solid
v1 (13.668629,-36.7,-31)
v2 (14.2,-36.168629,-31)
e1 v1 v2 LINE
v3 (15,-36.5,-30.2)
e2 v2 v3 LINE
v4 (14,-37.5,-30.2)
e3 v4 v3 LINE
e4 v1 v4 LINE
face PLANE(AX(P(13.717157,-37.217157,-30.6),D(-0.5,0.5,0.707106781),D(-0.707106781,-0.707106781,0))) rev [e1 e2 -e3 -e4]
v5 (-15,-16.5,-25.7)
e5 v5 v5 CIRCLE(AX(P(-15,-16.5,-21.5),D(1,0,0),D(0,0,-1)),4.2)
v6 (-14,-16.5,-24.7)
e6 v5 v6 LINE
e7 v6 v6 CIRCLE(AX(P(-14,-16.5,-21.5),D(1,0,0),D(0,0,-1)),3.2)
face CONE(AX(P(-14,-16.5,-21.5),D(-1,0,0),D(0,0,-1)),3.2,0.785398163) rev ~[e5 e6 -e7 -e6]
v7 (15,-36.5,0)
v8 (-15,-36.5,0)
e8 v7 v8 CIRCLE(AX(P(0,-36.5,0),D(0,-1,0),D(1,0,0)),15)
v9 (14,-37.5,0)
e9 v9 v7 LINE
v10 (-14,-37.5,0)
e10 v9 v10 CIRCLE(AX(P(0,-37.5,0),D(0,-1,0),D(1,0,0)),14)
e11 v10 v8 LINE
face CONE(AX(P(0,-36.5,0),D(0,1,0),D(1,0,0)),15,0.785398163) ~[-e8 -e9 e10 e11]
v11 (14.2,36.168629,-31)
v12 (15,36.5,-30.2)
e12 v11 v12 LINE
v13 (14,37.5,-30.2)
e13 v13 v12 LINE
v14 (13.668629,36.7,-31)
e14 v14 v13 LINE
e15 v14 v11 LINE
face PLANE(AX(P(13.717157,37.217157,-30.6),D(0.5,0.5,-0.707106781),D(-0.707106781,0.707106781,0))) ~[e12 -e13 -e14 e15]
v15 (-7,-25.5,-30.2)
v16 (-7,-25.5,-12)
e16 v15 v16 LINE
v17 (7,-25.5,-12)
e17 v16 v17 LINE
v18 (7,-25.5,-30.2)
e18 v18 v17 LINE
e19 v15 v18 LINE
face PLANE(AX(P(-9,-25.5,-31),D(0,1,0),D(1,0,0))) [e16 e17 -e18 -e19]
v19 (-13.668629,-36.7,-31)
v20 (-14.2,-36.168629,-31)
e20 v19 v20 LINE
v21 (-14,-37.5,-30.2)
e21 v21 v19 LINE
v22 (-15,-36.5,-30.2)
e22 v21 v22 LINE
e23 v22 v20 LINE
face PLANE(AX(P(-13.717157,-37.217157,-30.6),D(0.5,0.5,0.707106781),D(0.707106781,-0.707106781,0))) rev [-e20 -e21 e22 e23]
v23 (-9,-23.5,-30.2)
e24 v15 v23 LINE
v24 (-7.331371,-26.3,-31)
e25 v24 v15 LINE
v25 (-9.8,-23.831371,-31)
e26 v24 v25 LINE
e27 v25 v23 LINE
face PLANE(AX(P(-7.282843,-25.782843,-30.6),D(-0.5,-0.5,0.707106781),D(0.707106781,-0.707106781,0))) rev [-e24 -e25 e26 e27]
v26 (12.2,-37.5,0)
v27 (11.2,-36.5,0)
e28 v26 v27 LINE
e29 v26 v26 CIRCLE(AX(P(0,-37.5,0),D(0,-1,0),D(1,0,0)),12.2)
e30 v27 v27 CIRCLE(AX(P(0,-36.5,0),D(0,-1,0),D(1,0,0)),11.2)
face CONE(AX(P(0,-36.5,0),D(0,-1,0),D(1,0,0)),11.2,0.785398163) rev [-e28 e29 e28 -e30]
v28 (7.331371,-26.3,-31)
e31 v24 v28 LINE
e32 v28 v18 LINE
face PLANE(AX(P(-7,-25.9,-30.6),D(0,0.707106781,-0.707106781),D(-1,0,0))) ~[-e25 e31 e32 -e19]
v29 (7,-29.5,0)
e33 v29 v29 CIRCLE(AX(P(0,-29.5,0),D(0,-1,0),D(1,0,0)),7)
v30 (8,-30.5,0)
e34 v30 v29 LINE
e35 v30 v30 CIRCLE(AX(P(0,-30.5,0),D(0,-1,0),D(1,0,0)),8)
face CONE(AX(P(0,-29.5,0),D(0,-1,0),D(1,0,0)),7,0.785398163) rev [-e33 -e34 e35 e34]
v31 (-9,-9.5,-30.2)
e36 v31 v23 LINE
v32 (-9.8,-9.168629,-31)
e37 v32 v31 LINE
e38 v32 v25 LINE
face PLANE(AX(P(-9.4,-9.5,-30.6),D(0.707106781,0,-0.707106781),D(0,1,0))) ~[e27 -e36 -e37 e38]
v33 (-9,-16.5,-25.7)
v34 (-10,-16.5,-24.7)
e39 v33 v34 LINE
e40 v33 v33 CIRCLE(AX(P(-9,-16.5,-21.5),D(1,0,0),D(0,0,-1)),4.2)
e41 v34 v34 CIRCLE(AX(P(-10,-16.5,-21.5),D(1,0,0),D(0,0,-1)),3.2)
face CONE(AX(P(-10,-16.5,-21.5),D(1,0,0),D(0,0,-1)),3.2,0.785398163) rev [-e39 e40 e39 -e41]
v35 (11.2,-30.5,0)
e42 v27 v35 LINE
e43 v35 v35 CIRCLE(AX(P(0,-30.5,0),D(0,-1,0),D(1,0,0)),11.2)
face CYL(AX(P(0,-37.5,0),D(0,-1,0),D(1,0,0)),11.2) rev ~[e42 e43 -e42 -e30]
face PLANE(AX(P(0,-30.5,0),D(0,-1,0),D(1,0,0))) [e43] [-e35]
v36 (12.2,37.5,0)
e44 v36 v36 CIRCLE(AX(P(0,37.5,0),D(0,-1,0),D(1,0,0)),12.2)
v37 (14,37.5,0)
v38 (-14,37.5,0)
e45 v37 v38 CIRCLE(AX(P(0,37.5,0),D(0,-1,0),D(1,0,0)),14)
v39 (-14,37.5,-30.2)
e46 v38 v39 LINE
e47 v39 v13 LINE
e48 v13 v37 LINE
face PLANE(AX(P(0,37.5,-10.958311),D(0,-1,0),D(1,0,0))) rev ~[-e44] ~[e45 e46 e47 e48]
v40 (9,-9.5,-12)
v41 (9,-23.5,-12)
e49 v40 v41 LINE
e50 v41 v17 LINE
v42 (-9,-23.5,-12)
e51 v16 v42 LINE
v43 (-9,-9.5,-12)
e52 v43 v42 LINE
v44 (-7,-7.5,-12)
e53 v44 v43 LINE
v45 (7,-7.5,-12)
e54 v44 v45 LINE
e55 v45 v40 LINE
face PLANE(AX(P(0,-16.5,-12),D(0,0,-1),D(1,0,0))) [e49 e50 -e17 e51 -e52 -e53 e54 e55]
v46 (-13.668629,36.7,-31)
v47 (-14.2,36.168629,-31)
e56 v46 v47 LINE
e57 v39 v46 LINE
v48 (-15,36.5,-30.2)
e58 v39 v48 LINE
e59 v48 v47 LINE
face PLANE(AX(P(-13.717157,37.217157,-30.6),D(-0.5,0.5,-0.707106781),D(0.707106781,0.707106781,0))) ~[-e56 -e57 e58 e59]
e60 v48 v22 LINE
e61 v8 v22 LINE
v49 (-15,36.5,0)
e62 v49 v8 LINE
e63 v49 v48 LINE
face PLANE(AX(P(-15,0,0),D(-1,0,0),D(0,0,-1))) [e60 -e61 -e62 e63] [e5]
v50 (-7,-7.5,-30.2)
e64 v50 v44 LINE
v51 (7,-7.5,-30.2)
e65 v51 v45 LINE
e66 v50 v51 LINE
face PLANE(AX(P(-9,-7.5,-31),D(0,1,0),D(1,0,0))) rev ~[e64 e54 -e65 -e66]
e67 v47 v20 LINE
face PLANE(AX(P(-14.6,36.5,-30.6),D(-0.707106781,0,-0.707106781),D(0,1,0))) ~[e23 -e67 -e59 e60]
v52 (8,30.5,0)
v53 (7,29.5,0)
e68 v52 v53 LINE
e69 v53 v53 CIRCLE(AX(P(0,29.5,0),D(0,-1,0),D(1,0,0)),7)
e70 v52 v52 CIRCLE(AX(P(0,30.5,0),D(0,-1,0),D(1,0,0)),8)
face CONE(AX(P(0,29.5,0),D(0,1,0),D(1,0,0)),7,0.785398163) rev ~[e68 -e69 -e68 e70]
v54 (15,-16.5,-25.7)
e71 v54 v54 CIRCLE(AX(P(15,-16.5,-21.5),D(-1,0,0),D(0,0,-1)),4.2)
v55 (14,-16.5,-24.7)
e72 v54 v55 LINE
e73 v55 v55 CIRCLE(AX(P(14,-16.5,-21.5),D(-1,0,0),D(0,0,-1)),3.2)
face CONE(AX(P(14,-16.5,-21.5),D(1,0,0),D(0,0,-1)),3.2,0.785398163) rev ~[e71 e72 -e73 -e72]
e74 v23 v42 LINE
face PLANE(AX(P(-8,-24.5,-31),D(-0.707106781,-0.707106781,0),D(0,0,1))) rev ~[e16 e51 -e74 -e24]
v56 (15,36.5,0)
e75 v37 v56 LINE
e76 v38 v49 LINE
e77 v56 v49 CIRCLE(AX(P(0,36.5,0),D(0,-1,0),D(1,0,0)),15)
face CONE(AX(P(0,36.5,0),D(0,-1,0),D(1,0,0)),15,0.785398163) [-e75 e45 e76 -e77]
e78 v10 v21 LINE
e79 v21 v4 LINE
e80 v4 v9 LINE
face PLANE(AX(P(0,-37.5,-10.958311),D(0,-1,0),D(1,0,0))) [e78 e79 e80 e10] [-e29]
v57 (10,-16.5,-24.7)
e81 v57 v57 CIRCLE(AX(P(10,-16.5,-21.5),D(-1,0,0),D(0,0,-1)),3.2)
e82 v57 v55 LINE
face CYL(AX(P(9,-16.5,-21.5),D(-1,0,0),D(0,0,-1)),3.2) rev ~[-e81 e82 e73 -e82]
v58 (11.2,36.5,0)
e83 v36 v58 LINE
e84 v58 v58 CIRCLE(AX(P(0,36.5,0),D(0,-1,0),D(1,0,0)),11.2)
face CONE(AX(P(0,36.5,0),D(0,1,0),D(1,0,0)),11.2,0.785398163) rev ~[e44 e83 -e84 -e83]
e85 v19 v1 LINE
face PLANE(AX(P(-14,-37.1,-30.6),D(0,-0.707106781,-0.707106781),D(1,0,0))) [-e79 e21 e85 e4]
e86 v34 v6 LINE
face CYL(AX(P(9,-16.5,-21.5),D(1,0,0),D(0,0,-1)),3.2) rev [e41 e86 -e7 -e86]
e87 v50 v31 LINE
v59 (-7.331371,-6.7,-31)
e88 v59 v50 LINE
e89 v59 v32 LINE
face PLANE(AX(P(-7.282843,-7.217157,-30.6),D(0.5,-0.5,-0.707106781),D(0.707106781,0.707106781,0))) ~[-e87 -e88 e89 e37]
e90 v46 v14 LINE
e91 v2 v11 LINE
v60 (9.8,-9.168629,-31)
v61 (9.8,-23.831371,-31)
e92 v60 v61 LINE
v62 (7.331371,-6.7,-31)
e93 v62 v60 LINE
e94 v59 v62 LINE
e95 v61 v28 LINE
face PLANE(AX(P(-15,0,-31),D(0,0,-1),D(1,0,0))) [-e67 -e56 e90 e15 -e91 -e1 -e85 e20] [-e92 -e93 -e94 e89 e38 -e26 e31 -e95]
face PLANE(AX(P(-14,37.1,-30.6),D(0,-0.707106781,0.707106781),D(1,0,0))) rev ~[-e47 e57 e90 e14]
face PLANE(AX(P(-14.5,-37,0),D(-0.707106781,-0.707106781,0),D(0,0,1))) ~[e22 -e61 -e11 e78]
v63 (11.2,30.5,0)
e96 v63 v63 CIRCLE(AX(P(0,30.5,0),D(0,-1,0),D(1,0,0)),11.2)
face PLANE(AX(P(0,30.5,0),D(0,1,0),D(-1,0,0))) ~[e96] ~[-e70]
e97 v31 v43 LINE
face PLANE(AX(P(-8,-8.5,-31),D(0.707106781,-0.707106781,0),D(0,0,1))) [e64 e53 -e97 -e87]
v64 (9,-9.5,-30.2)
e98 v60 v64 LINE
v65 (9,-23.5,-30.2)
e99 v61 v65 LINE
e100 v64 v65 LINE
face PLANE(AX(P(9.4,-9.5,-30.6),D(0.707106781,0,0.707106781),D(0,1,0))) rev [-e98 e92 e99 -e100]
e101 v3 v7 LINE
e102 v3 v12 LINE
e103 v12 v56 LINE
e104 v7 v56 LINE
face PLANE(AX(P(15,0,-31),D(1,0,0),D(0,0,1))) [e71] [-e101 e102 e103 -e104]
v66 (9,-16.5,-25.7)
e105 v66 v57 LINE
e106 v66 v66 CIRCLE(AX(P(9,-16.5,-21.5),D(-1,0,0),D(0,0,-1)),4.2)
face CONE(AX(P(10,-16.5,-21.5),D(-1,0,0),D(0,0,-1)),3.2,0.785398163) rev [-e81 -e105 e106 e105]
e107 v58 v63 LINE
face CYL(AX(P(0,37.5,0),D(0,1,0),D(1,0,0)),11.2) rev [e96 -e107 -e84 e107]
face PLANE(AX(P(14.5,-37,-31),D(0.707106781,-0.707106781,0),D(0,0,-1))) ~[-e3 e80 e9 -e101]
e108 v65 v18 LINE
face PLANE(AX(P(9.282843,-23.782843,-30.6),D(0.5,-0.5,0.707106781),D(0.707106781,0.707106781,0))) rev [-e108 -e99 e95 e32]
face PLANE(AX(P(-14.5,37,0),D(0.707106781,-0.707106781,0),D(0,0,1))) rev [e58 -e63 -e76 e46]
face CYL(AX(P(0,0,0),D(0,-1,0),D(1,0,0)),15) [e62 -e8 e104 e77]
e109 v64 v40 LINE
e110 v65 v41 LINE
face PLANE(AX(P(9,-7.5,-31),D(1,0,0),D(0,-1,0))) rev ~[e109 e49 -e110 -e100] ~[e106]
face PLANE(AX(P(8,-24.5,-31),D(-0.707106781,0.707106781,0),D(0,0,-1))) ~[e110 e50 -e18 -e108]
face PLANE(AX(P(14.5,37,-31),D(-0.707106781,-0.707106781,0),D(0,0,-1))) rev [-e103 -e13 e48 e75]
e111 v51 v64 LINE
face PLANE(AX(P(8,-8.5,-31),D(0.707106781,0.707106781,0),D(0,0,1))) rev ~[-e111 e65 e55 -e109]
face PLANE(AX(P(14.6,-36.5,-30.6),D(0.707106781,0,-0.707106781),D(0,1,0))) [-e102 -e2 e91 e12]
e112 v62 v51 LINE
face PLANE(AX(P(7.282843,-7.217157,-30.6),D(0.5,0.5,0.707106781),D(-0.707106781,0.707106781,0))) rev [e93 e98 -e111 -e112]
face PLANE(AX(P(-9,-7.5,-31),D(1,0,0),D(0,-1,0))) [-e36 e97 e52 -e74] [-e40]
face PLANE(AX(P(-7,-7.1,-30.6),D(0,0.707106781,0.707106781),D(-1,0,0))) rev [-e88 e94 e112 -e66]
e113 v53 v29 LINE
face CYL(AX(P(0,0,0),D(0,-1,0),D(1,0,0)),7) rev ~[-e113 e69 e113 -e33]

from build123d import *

# Parameters (mm, degrees)
PAD038_DEPTH         = 37.5
SKETCH074_R          = 7
POCKET033_DEPTH      = 50
SKETCH075_R          = 11.2
POCKET034_DEPTH      = 7
CHAMFER033_SIZE      = 1
SKETCH085_W          = 18
SKETCH085_H          = 18
POCKET043_DEPTH      = 19
CHAMFER036_SIZE      = 2
SKETCH086_R          = 3.2
POCKET044_DEPTH      = 6.001
POCKET044_DEPTH_BACK = 24.001
CHAMFER037_SIZE      = 1
CHAMFER038_SIZE      = 1
CHAMFER039_SIZE      = 0.8


with BuildPart() as part:
    # Sketch073 → Pad038 (new body, symmetric)
    with BuildSketch(Plane.XZ):
        with BuildLine():
            ThreePointArc((15, 0), (0, 15), (-15, 0))
            Line((-15, 0), (-15, -31))
            Line((-15, -31), (15, -31))
            Line((15, -31), (15, 0))
        make_face()
    extrude(amount=PAD038_DEPTH, both=True)

    # Sketch074 → Pocket033 (cut, symmetric)
    with BuildSketch(Plane.XZ):
        Circle(SKETCH074_R)
    extrude(amount=POCKET033_DEPTH, both=True, mode=Mode.SUBTRACT)

    # Sketch075 (on Face5 of Pocket033) → Pocket034 (cut)
    with BuildSketch(Plane.XZ.offset(37.5)):
        Circle(SKETCH075_R)
    pocket034 = extrude(amount=-POCKET034_DEPTH, mode=Mode.SUBTRACT)

    # Mirrored002: Pocket034 across XZ
    add(pocket034.mirror(Plane.XZ), mode=Mode.SUBTRACT)

    # Chamfer033
    chamfer033_edges = [part.edges().sort_by_distance(p)[0] for p in [
        (-11.2, 37.5, 0),
        (-7, 30.5, 0),
        (-11.2, -37.5, 0),
        (-7, -30.5, 0),
    ]]
    chamfer(chamfer033_edges, length=CHAMFER033_SIZE)

    # Sketch085 (on Face6 of Chamfer033) → Pocket043 (cut)
    with BuildSketch(Plane(origin=(0, 0, -31), x_dir=(1, 0, 0), z_dir=(0, 0, -1))):
        with Locations((0, 16.5)):
            Rectangle(SKETCH085_W, SKETCH085_H)
    extrude(amount=-POCKET043_DEPTH, mode=Mode.SUBTRACT)

    # Chamfer036
    chamfer036_edges = [part.edges().sort_by_distance(p)[0] for p in [
        (9, -25.5, -21.5),
        (9, -7.5, -21.5),
        (-9, -7.5, -21.5),
        (-9, -25.5, -21.5),
    ]]
    chamfer(chamfer036_edges, length=CHAMFER036_SIZE)

    # Sketch086 (on Face5 of Chamfer036) → Pocket044 (cut, two sides)
    with BuildSketch(Plane(origin=(9, 0, 0), x_dir=(0, 0, -1), z_dir=(-1, 0, 0))) as pocket044_sk:
        with Locations((21.5, 16.5)):
            Circle(SKETCH086_R)
    extrude(amount=-POCKET044_DEPTH, mode=Mode.SUBTRACT)
    extrude(pocket044_sk.sketch, amount=POCKET044_DEPTH_BACK, mode=Mode.SUBTRACT)

    # Chamfer037
    chamfer037_edges = [part.edges().sort_by_distance(p)[0] for p in [
        (15, 37.5, -15.5),
        (15, -37.5, -15.5),
    ]]
    chamfer(chamfer037_edges, length=CHAMFER037_SIZE)

    # Chamfer038
    chamfer038_edges = [part.edges().sort_by_distance(p)[0] for p in [
        (9, -16.5, -18.3),
        (-15, -16.5, -18.3),
        (-9, -16.5, -18.3),
        (15, -16.5, -18.3),
    ]]
    chamfer(chamfer038_edges, length=CHAMFER038_SIZE)

    # Chamfer039
    chamfer039_edges = [part.edges().sort_by_distance(p)[0] for p in [
        (-15, 0, -31),
        (-14.5, 37, -31),
        (-14.5, -37, -31),
        (0, 37.5, -31),
        (0, -37.5, -31),
        (14.5, 37, -31),
        (14.5, -37, -31),
        (15, 0, -31),
        (0, -25.5, -31),
        (8, -24.5, -31),
        (-8, -24.5, -31),
        (9, -16.5, -31),
        (-9, -16.5, -31),
        (8, -8.5, -31),
        (-8, -8.5, -31),
        (0, -7.5, -31),
    ]]
    chamfer(chamfer039_edges, length=CHAMFER039_SIZE)


solid = part.part
